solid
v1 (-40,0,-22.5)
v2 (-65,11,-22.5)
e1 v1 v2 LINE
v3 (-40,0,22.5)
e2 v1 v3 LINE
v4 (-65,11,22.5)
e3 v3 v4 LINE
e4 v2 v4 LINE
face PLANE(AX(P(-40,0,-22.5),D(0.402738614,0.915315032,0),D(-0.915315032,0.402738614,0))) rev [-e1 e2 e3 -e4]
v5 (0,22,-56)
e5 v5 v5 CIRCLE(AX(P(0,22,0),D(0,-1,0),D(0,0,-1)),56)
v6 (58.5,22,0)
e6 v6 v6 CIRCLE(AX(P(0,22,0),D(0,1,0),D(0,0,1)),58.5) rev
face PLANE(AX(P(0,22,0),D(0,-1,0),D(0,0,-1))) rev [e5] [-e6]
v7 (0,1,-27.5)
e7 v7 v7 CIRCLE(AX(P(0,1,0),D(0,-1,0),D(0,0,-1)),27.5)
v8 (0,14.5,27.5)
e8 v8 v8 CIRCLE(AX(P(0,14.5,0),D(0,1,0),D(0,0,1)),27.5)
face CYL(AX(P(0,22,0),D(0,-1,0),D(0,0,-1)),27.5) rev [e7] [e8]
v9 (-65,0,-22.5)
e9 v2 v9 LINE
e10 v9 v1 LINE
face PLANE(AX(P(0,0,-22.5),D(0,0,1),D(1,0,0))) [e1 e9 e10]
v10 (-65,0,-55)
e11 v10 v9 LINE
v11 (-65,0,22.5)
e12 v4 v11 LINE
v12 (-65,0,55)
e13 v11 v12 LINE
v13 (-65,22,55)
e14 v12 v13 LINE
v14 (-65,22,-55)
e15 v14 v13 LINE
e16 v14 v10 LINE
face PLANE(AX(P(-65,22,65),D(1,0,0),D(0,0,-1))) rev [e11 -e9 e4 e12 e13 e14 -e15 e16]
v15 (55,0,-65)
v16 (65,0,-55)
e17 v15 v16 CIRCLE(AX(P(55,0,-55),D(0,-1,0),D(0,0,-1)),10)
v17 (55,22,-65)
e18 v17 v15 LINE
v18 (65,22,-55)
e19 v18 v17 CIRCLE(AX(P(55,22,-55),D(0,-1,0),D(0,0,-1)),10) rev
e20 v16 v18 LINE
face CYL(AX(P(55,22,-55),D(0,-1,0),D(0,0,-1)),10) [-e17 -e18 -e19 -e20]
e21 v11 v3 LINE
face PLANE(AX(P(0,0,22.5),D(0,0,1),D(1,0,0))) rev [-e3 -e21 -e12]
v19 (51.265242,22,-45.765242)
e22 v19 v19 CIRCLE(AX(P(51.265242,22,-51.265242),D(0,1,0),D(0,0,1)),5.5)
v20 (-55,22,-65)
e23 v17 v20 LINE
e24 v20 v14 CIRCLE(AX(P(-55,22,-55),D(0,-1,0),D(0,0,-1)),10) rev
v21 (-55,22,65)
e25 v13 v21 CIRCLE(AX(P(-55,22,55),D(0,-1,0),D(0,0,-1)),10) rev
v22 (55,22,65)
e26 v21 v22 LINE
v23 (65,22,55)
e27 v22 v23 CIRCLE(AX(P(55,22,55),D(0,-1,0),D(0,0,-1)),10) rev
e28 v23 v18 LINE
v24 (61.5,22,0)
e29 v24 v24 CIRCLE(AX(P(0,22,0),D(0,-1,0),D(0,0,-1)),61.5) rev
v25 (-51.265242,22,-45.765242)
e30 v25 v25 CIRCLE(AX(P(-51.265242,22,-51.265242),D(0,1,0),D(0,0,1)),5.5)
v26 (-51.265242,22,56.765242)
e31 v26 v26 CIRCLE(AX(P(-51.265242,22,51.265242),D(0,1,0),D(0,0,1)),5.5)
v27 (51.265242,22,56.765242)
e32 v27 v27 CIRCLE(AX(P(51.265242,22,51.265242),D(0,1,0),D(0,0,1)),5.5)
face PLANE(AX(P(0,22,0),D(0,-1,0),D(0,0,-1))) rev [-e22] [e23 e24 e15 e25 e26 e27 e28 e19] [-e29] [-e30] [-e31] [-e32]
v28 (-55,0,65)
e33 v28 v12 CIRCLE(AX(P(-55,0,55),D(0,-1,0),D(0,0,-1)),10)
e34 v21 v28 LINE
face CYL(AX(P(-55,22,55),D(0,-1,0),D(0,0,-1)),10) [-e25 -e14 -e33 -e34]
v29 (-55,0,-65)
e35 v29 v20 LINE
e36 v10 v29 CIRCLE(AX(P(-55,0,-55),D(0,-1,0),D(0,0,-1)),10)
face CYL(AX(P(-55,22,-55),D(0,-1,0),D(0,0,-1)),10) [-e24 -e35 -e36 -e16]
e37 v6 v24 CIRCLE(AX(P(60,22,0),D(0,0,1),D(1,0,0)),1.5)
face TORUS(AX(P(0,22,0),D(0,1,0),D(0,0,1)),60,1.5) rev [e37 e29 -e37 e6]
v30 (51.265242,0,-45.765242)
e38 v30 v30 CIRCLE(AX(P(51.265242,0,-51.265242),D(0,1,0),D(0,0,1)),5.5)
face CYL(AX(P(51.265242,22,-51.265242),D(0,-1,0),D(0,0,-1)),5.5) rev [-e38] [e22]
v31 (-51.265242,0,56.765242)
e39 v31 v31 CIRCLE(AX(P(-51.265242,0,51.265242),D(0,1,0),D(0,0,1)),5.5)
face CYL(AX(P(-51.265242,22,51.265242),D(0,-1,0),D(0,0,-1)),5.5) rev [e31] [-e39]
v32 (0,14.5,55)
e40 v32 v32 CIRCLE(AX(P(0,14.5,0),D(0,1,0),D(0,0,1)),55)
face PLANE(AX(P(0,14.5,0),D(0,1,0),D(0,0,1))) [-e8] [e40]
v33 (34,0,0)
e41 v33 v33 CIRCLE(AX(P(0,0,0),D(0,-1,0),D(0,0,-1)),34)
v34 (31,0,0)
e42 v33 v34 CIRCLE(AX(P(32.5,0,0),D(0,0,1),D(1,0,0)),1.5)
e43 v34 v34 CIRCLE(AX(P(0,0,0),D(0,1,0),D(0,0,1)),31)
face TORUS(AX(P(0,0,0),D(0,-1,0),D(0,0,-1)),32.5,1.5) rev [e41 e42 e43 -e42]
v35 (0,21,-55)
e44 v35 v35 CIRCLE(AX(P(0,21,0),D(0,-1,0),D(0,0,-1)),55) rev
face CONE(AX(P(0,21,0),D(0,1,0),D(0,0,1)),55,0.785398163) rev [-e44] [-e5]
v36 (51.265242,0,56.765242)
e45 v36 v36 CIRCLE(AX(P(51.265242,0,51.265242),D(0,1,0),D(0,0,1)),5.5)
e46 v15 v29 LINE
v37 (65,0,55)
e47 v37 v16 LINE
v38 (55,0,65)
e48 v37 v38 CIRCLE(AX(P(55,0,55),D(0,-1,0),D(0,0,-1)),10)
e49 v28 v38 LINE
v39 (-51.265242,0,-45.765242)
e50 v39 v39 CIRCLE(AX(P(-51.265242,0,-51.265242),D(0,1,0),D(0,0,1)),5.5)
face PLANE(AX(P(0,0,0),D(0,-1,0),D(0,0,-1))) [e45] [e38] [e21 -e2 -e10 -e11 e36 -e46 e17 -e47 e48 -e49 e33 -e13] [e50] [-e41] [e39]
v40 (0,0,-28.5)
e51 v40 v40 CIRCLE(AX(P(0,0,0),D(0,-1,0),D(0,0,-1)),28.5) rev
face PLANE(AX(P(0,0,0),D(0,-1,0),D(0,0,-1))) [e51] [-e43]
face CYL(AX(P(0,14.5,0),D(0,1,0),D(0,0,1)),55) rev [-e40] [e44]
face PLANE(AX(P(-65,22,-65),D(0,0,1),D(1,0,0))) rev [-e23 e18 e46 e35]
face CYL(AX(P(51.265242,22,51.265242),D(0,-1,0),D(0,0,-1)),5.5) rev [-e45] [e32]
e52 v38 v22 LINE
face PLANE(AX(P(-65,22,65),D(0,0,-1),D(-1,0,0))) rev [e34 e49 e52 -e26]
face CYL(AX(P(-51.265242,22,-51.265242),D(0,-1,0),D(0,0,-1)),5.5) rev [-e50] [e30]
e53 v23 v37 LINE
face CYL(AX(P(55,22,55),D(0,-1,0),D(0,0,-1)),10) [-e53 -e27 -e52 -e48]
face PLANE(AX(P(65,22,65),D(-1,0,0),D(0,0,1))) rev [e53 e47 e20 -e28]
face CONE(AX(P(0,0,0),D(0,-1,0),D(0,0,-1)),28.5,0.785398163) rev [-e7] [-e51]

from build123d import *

# Parameters (mm, degrees)
SKETCH1_W           = 130
SKETCH1_H           = 130
SKETCH1_R           = 5.5
SKETCH1_R_2         = 27.5
BOSS_EXTRUDE1_DEPTH = 22
FILLET1_R           = 10
SKETCH2_R           = 55
CUT_EXTRUDE1_DEPTH  = 7.5
SKETCH4_R           = 1.5
CUT_EXTRUDE2_DEPTH  = 22.5
SKETCH8_R           = 1.5
CHAMFER1_SIZE       = 1


with BuildPart() as part:
    # Sketch1 → Boss-Extrude1 (new body)
    with BuildSketch(Plane(origin=(0, 0, 0), x_dir=(1, 0, 0), z_dir=(0, 1, 0))):
        Rectangle(SKETCH1_W, SKETCH1_H)
        with Locations(Location((51.265241636, 51.265241636, 0), (0, 0, 270))):
            Circle(SKETCH1_R, mode=Mode.SUBTRACT)
        with Locations(Location((-51.265241636, 51.265241636, 0), (0, 0, 270))):
            Circle(SKETCH1_R, mode=Mode.SUBTRACT)
        with Locations(Location((51.265241636, -51.265241636, 0), (0, 0, 270))):
            Circle(SKETCH1_R, mode=Mode.SUBTRACT)
        with Locations(Location((-51.265241636, -51.265241636, 0), (0, 0, 270))):
            Circle(SKETCH1_R, mode=Mode.SUBTRACT)
        with Locations(Location((0, 0, 0), (0, 0, 270))):
            Circle(SKETCH1_R_2, mode=Mode.SUBTRACT)
    extrude(amount=BOSS_EXTRUDE1_DEPTH)

    # Fillet1
    fillet1_edges = [part.edges().sort_by_distance(p)[0] for p in [
        (65, 11, 65),
        (-65, 11, 65),
        (-65, 11, -65),
        (65, 11, -65),
    ]]
    fillet(fillet1_edges, radius=FILLET1_R)

    # Sketch2 → Cut-Extrude1 (cut)
    with BuildSketch(Plane(origin=(0, 22, 0), x_dir=(1, 0, 0), z_dir=(0, 1, 0))):
        with Locations(Location((0, 0, 0), (0, 0, 270))):
            Circle(SKETCH2_R)
    extrude(amount=-CUT_EXTRUDE1_DEPTH, mode=Mode.SUBTRACT)

    # Cut-Sweep2: sweep along a path in Sketch3
    with BuildLine(Plane.XZ) as cut_sweep2_path:
        CenterArc((0, 0), 32.5, 0, 360)
    # Sketch4 → Cut-Sweep2 (sweep, cut)
    with BuildSketch(Plane.XY):
        with Locations((32.5, 0)):
            Circle(SKETCH4_R)
    sweep(path=cut_sweep2_path.line, mode=Mode.SUBTRACT)

    # Sketch6 → Cut-Extrude2 (cut, symmetric)
    with BuildSketch(Plane.XY):
        Polygon((-65, 0), (-40, 0), (-65, 11), align=None)
    extrude(amount=CUT_EXTRUDE2_DEPTH, both=True, mode=Mode.SUBTRACT)

    # Cut-Sweep3: sweep along a path in Sketch7
    with BuildLine(Plane(origin=(0, 22, 0), x_dir=(1, 0, 0), z_dir=(0, 1, 0))) as cut_sweep3_path:
        CenterArc((0, 0), 60, 0, 360)
    # Sketch8 → Cut-Sweep3 (sweep, cut)
    with BuildSketch(Plane.XY):
        with Locations((60, 22)):
            Circle(SKETCH8_R)
    sweep(path=cut_sweep3_path.line, mode=Mode.SUBTRACT)

    # Chamfer1
    chamfer1_edges = [part.edges().sort_by_distance(p)[0] for p in [
        (0, 0, -27.5),
        (0, 22, -55),
    ]]
    chamfer(chamfer1_edges, length=CHAMFER1_SIZE)


solid = part.part
